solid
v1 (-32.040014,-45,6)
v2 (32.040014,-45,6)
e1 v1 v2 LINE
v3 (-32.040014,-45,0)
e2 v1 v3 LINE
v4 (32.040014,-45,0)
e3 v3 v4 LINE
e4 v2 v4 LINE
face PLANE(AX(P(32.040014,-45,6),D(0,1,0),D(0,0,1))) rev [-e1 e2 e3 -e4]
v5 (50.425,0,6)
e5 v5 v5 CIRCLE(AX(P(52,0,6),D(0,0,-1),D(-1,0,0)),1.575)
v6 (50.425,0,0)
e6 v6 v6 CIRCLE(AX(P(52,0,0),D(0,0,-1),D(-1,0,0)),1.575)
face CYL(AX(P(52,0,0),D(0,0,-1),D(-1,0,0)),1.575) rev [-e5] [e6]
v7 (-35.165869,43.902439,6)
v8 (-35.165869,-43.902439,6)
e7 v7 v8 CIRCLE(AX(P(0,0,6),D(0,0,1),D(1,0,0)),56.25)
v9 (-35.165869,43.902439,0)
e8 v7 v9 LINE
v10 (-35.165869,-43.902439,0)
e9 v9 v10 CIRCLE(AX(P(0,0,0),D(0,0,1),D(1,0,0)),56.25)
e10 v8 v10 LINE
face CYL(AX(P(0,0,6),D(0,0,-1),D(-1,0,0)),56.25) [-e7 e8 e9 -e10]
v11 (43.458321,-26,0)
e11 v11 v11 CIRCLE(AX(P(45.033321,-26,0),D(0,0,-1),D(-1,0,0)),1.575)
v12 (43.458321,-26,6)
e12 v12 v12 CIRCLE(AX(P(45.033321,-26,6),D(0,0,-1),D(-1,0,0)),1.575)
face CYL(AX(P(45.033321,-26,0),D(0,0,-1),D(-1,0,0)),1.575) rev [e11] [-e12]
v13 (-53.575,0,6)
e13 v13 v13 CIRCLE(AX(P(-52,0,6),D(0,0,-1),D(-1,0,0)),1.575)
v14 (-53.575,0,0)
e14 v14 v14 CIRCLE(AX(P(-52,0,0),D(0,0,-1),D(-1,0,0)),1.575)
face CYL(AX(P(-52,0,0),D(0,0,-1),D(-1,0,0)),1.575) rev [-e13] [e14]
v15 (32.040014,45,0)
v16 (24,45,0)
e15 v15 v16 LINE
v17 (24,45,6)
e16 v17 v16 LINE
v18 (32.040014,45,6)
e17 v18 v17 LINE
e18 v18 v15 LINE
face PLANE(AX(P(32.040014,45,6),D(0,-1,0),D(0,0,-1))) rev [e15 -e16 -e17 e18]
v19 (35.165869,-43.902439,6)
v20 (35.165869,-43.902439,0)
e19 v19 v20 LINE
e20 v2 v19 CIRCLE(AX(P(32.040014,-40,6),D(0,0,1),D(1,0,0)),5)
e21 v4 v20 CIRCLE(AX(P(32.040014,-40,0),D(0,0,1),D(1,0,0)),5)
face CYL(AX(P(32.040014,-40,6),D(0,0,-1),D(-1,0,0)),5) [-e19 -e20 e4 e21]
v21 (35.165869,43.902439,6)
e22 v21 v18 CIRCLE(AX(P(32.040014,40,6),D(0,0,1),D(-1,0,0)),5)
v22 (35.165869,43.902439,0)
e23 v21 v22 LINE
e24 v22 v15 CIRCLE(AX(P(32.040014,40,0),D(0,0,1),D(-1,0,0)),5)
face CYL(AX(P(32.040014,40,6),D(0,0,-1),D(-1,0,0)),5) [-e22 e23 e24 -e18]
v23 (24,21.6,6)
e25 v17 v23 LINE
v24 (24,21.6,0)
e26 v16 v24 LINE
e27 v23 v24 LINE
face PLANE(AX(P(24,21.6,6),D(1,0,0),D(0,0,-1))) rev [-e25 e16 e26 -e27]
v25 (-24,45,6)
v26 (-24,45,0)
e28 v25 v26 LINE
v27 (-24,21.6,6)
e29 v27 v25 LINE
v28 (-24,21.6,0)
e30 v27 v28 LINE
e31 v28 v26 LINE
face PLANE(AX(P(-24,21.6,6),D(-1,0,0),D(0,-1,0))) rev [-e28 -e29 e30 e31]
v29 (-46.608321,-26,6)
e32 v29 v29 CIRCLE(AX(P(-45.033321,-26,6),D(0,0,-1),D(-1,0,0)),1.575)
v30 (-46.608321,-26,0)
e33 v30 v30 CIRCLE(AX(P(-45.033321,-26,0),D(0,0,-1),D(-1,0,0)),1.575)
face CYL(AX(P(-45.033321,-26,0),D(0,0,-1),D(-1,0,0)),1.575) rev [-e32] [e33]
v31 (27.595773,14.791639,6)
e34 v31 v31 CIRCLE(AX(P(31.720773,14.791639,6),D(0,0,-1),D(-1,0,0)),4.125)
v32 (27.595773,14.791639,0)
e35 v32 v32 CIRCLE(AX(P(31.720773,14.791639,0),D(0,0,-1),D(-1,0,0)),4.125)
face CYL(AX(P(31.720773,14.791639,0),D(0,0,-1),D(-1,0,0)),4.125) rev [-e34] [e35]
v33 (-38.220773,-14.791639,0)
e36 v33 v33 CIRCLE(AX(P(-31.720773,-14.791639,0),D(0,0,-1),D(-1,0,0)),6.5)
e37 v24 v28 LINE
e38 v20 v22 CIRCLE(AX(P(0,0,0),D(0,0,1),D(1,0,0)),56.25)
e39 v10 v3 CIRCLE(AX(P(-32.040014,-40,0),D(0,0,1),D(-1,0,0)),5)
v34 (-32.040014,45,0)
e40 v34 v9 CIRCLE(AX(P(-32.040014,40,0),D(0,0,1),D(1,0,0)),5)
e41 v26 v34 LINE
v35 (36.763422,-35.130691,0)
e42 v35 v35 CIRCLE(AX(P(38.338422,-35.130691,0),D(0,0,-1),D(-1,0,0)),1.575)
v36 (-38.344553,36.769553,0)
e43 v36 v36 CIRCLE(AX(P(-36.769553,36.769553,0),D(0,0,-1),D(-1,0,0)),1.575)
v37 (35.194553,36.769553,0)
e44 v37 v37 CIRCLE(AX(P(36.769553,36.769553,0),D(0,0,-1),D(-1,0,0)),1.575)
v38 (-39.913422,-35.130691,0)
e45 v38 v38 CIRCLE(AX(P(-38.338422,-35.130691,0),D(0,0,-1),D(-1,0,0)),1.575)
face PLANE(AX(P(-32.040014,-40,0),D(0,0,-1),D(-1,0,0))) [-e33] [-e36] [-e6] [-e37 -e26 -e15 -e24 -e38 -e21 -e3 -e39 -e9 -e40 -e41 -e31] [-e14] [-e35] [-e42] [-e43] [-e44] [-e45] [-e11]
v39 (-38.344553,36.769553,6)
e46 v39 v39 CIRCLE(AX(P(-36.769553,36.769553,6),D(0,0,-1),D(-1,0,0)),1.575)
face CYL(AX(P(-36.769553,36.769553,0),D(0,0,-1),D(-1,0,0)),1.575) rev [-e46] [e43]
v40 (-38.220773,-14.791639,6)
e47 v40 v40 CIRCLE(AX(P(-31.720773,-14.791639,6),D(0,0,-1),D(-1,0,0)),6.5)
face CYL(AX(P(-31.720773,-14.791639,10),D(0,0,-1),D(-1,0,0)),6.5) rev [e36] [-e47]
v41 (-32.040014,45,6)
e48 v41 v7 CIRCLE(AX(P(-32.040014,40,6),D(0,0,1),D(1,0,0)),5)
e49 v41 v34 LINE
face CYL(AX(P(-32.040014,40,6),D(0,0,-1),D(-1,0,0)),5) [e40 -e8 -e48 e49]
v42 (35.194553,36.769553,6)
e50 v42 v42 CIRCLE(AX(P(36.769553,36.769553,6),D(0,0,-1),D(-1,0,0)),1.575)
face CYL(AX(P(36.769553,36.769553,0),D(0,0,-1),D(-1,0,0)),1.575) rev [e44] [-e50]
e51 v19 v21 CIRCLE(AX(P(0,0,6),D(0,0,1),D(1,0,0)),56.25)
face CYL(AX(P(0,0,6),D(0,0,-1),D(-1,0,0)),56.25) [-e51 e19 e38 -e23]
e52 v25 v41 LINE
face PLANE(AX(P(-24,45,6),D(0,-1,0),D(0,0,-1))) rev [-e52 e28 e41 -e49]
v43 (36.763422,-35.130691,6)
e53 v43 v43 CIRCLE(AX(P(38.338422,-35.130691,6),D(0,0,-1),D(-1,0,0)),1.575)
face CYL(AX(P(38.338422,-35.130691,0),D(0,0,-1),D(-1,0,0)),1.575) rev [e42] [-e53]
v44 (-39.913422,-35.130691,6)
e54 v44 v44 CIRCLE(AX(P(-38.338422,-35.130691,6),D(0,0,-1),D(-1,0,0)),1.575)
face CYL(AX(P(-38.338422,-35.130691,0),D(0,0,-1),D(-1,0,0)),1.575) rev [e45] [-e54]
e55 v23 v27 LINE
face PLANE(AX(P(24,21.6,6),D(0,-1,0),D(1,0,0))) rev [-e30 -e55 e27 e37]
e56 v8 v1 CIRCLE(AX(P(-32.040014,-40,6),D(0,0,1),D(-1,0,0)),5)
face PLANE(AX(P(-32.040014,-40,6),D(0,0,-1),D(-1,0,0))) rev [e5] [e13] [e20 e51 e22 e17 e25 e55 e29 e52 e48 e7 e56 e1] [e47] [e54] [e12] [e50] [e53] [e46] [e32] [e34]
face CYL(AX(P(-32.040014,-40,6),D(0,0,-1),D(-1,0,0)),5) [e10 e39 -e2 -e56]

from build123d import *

# Parameters (mm, degrees)
Y_KSEKLIK_EKSTR_ZYON1_DEPTH             = 6
M3X0_5_HELISARMAL_IN_DI_LI_DELIK1_D     = 3.15
M3X0_5_HELISARMAL_IN_DI_LI_DELIK1_DEPTH = 7.5
M3X0_5_HELISARMAL_IN_DI_LI_DELIK1_TIP   = 0.946355475
M8X1_0_HELISARMAL_IN_DI_LI_DELIK2_D     = 8.25
M8X1_0_HELISARMAL_IN_DI_LI_DELIK2_DEPTH = 18
M8X1_0_HELISARMAL_IN_DI_LI_DELIK2_TIP   = 2.478550053
IZIM7_R                                 = 6.5
KES_EKSTR_ZYON1_DEPTH                   = 10


with BuildPart() as part:
    # Çizim1 → Yükseklik-Ekstrüzyon1 (new body)
    with BuildSketch(Plane.XY):
        with BuildLine():
            Line((32.040014045, 45), (24, 45))
            Line((24, 45), (24, 21.6))
            Line((24, 21.6), (-24, 21.6))
            Line((-24, 21.6), (-24, 45))
            Line((-24, 45), (-32.040014045, 45))
            ThreePointArc((-32.040014045, 45), (-33.696486936, 44.717636862), (-35.165869074, 43.902439024))
            ThreePointArc((-35.165869074, 43.902439024), (-56.25, 0), (-35.165869074, -43.902439024))
            ThreePointArc((-35.165869074, -43.902439024), (-33.696486936, -44.717636862), (-32.040014045, -45))
            Line((-32.040014045, -45), (32.040014045, -45))
            ThreePointArc((32.040014045, -45), (33.696486936, -44.717636862), (35.165869074, -43.902439024))
            ThreePointArc((35.165869074, -43.902439024), (56.25, 0), (35.165869074, 43.902439024))
            ThreePointArc((35.165869074, 43.902439024), (33.696486936, 44.717636862), (32.040014045, 45))
        make_face()
    extrude(amount=Y_KSEKLIK_EKSTR_ZYON1_DEPTH)

    # M3x0.5 Helisarmal İçin Dişli Delik1
    with Locations(Plane(origin=(0, 0, 0), x_dir=(-1, 0, 0), z_dir=(0, 0, -1))):
        with Locations((38.338421514, -35.130690796), (52, 0), (-52, 0), (-36.769552622, 36.769552622), (-45.033320997, -26), (36.769552622, 36.769552622), (45.033320997, -26), (-38.338421514, -35.130690796)):
            Hole(M3X0_5_HELISARMAL_IN_DI_LI_DELIK1_D / 2, depth=M3X0_5_HELISARMAL_IN_DI_LI_DELIK1_DEPTH)
            with Locations((0, 0, -(M3X0_5_HELISARMAL_IN_DI_LI_DELIK1_DEPTH + M3X0_5_HELISARMAL_IN_DI_LI_DELIK1_TIP / 2))):  # 118° drill point
                Cone(0, M3X0_5_HELISARMAL_IN_DI_LI_DELIK1_D / 2, M3X0_5_HELISARMAL_IN_DI_LI_DELIK1_TIP, mode=Mode.SUBTRACT)

    # M8x1.0 Helisarmal İçin Dişli Delik2
    with Locations(Plane(origin=(0, 0, 0), x_dir=(-1, 0, 0), z_dir=(0, 0, -1))):
        with Locations((-31.720772546, 14.791639161)):
            Hole(M8X1_0_HELISARMAL_IN_DI_LI_DELIK2_D / 2, depth=M8X1_0_HELISARMAL_IN_DI_LI_DELIK2_DEPTH)
            with Locations((0, 0, -(M8X1_0_HELISARMAL_IN_DI_LI_DELIK2_DEPTH + M8X1_0_HELISARMAL_IN_DI_LI_DELIK2_TIP / 2))):  # 118° drill point
                Cone(0, M8X1_0_HELISARMAL_IN_DI_LI_DELIK2_D / 2, M8X1_0_HELISARMAL_IN_DI_LI_DELIK2_TIP, mode=Mode.SUBTRACT)

    # Çizim7 → Kes-Ekstrüzyon1 (cut)
    with BuildSketch(Plane(origin=(0, 0, 0), x_dir=(-1, 0, 0), z_dir=(0, 0, -1))):
        with Locations((31.720772546, -14.791639161)):
            Circle(IZIM7_R)
    extrude(amount=-KES_EKSTR_ZYON1_DEPTH, mode=Mode.SUBTRACT)


solid = part.part
